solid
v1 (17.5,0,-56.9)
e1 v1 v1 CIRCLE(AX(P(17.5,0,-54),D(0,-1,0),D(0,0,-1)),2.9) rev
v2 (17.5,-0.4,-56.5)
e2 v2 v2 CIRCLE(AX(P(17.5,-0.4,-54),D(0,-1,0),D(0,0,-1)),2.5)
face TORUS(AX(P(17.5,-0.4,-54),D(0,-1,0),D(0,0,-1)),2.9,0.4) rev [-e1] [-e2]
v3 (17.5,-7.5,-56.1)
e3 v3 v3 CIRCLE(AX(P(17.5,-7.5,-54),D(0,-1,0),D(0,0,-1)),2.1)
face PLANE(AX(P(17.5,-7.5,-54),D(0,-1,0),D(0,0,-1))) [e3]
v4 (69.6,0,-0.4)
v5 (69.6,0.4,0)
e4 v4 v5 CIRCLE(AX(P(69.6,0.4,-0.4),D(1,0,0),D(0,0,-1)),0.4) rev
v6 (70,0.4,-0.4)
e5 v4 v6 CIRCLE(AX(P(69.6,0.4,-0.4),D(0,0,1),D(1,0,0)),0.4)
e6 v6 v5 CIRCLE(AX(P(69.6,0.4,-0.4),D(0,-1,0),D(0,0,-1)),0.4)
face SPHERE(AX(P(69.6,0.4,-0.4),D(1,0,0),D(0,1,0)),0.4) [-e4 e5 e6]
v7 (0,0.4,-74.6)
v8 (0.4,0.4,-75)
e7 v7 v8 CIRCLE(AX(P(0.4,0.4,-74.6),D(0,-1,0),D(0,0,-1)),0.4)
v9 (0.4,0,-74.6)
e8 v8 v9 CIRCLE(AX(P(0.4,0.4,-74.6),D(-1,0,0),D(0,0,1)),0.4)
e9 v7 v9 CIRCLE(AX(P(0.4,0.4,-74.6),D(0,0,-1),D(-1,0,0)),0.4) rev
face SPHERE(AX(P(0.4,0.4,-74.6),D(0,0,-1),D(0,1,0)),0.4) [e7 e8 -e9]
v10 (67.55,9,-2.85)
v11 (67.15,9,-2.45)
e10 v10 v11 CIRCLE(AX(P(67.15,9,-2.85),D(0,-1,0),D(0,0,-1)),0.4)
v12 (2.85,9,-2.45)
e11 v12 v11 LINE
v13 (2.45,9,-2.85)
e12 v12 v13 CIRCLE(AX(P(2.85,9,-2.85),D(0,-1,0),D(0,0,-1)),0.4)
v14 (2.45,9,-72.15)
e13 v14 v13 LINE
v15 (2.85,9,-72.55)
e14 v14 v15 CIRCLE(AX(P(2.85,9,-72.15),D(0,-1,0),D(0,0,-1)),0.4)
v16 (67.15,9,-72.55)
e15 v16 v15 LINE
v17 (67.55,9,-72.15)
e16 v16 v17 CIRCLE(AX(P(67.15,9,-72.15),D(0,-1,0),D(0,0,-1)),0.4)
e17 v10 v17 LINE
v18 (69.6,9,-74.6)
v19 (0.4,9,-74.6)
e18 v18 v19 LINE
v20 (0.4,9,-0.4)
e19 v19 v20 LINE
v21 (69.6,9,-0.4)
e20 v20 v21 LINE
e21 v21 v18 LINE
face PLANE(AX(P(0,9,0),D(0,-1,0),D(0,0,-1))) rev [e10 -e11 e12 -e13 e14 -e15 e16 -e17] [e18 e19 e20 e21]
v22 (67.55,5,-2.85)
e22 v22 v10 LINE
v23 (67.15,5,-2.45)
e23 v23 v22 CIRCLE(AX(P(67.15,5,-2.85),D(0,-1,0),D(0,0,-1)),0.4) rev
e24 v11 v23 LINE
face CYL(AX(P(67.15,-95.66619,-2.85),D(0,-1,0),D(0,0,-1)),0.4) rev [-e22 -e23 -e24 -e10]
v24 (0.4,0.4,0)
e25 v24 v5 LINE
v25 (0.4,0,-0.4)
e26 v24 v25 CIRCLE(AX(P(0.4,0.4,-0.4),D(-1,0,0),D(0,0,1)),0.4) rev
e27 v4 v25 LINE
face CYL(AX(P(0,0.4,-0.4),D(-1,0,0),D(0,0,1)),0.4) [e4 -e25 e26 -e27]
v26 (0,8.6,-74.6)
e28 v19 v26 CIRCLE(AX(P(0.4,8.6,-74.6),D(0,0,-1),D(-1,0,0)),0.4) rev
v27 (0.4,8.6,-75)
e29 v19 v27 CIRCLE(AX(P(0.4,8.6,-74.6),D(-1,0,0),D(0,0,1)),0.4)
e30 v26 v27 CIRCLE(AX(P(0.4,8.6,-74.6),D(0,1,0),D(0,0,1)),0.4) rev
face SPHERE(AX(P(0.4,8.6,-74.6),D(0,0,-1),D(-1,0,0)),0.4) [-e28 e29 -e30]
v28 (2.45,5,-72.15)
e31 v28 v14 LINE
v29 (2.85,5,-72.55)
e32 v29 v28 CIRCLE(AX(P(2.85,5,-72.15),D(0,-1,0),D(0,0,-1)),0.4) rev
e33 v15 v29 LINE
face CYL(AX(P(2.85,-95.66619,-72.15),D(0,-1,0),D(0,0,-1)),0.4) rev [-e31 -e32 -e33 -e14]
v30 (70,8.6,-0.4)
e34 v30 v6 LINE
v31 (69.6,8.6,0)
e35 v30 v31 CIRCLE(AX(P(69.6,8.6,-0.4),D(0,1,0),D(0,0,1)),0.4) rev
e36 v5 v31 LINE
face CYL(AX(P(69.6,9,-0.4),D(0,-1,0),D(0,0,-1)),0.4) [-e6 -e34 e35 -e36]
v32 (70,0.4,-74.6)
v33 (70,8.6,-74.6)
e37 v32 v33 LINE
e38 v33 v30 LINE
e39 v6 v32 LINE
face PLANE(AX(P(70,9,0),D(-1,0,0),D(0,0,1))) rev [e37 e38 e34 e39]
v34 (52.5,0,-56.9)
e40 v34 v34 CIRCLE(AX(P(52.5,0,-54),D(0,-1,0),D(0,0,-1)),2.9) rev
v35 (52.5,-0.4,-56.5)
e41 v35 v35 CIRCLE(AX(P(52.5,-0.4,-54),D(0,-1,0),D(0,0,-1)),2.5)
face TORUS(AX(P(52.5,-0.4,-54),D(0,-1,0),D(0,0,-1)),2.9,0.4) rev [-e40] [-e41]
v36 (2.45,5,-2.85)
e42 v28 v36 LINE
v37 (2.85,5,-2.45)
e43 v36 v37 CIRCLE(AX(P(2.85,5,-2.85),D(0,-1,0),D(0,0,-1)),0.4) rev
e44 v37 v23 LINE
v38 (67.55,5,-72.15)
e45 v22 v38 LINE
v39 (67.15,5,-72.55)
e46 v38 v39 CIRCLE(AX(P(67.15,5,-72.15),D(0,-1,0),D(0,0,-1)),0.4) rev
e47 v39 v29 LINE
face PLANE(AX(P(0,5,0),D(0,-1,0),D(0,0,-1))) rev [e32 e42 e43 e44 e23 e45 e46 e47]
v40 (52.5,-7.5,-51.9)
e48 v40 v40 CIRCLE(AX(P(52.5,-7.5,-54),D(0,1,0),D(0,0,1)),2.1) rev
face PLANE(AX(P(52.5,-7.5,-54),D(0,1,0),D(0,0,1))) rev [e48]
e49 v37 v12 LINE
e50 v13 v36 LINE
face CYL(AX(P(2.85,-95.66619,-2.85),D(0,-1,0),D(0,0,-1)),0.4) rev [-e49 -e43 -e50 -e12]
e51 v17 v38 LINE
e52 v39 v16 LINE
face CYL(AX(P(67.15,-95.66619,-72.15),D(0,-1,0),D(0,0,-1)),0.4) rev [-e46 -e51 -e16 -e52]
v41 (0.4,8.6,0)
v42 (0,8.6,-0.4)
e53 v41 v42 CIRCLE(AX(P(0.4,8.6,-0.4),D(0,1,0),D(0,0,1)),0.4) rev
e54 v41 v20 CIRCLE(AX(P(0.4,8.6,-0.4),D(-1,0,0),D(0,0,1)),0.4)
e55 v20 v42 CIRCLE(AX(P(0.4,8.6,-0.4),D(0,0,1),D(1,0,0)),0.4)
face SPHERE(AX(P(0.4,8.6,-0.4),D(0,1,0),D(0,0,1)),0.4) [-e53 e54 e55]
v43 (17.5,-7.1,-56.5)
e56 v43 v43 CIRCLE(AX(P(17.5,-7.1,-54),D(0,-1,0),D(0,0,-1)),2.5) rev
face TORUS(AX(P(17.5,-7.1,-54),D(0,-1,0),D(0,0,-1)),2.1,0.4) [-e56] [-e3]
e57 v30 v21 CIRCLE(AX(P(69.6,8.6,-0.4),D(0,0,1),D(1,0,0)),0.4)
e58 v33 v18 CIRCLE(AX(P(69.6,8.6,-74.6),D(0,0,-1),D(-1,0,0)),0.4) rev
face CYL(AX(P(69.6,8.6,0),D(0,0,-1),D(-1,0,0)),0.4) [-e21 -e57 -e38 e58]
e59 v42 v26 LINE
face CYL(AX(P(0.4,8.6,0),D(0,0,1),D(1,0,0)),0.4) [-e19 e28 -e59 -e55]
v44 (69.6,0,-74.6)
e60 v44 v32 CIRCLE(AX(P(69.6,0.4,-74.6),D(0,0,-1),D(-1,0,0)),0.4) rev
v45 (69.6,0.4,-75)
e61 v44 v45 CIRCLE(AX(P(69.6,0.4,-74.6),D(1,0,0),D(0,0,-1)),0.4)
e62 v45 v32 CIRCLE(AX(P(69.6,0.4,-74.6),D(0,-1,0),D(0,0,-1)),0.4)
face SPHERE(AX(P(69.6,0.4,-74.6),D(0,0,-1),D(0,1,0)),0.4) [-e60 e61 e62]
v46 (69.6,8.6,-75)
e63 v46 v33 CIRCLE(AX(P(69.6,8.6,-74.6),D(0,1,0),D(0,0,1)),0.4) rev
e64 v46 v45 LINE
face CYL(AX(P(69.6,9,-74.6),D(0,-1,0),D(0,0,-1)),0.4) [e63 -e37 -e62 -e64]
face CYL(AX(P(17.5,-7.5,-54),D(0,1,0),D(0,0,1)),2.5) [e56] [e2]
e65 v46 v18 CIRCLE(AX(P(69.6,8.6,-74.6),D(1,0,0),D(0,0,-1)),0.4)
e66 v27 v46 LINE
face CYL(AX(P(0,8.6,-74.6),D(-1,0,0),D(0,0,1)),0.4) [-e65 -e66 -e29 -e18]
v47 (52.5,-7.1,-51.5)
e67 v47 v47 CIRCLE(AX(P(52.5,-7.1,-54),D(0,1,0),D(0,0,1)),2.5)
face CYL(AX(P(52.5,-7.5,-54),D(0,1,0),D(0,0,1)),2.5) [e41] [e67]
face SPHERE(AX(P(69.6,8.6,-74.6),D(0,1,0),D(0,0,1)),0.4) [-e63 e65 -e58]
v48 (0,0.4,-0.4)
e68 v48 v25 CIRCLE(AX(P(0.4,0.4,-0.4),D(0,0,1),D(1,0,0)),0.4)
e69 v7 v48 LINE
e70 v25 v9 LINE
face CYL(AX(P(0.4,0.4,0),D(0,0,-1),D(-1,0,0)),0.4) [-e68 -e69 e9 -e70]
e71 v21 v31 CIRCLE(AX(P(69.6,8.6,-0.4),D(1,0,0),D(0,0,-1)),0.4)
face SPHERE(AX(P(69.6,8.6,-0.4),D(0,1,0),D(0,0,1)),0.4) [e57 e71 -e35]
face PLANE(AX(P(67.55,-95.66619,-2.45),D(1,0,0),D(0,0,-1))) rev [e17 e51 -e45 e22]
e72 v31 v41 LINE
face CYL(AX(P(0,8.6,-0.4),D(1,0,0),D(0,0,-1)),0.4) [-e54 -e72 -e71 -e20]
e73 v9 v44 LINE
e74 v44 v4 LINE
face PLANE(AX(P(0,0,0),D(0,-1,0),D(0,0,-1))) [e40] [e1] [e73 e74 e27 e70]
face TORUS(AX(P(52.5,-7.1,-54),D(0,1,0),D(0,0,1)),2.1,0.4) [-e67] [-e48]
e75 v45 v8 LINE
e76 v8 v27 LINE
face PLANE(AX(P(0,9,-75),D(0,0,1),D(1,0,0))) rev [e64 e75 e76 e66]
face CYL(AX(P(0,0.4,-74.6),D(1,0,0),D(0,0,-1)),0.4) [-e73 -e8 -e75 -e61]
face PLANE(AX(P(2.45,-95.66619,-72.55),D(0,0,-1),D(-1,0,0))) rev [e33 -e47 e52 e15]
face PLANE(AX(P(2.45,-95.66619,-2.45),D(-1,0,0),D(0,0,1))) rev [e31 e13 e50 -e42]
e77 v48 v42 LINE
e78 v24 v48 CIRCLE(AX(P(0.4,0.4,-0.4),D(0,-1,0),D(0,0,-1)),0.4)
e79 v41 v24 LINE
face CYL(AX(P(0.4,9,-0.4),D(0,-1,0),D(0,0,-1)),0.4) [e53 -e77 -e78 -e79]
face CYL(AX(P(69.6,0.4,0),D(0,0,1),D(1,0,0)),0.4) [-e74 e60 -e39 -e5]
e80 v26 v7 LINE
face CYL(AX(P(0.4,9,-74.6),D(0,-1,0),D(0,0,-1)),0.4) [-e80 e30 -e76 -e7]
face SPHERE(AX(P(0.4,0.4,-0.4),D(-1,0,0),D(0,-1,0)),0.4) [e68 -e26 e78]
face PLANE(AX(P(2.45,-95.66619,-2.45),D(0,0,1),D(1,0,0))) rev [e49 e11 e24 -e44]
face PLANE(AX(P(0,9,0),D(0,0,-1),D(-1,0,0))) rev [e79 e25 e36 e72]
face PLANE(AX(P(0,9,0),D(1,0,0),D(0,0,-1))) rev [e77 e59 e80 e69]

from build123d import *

# Parameters (mm, degrees)
SKETCH1_W           = 70
SKETCH1_H           = 75
BOSS_EXTRUDE1_DEPTH = 9
SKETCH2_W           = 65.1
SKETCH2_H           = 70.1
CUT_EXTRUDE1_DEPTH  = 4
SKETCH4_R           = 2.5
BOSS_EXTRUDE3_DEPTH = 7.5
FILLET1_R           = 0.4


with BuildPart() as part:
    # Sketch1 → Boss-Extrude1 (new body)
    with BuildSketch(Plane(origin=(0, 0, 0), x_dir=(1, 0, 0), z_dir=(0, 1, 0))):
        with Locations((35, 37.5)):
            Rectangle(SKETCH1_W, SKETCH1_H)
    extrude(amount=BOSS_EXTRUDE1_DEPTH)

    # Sketch2 → Cut-Extrude1 (cut)
    with BuildSketch(Plane(origin=(0, 9, 0), x_dir=(1, 0, 0), z_dir=(0, 1, 0))):
        with Locations((35, 37.5)):
            Rectangle(SKETCH2_W, SKETCH2_H)
    extrude(amount=-CUT_EXTRUDE1_DEPTH, mode=Mode.SUBTRACT)

    # Sketch4 → Boss-Extrude3 (add)
    with BuildSketch(Plane.XZ):
        with Locations(Location((17.5, -54, 0), (0, 0, 270))):
            Circle(SKETCH4_R)
        with Locations(Location((52.5, -54, 0), (0, 0, 90))):
            Circle(SKETCH4_R)
    extrude(amount=BOSS_EXTRUDE3_DEPTH)

    # Fillet1
    fillet1_edges = [part.edges().sort_by_distance(p)[0] for p in [
        (70, 9, -37.5),
        (35, 9, -75),
        (2.45, 7, -72.55),
        (2.45, 7, -2.45),
        (67.55, 7, -2.45),
        (67.55, 7, -72.55),
        (17.5, 0, -51.5),
        (17.5, -7.5, -51.5),
        (52.5, 0, -56.5),
        (52.5, -7.5, -56.5),
        (0, 9, -37.5),
        (35, 0, -75),
        (70, 0, -37.5),
        (35, 0, 0),
        (0, 0, -37.5),
        (0, 4.5, -75),
        (70, 4.5, -75),
        (70, 4.5, 0),
        (0, 4.5, 0),
        (35, 9, 0),
    ]]
    fillet(fillet1_edges, radius=FILLET1_R)


solid = part.part
